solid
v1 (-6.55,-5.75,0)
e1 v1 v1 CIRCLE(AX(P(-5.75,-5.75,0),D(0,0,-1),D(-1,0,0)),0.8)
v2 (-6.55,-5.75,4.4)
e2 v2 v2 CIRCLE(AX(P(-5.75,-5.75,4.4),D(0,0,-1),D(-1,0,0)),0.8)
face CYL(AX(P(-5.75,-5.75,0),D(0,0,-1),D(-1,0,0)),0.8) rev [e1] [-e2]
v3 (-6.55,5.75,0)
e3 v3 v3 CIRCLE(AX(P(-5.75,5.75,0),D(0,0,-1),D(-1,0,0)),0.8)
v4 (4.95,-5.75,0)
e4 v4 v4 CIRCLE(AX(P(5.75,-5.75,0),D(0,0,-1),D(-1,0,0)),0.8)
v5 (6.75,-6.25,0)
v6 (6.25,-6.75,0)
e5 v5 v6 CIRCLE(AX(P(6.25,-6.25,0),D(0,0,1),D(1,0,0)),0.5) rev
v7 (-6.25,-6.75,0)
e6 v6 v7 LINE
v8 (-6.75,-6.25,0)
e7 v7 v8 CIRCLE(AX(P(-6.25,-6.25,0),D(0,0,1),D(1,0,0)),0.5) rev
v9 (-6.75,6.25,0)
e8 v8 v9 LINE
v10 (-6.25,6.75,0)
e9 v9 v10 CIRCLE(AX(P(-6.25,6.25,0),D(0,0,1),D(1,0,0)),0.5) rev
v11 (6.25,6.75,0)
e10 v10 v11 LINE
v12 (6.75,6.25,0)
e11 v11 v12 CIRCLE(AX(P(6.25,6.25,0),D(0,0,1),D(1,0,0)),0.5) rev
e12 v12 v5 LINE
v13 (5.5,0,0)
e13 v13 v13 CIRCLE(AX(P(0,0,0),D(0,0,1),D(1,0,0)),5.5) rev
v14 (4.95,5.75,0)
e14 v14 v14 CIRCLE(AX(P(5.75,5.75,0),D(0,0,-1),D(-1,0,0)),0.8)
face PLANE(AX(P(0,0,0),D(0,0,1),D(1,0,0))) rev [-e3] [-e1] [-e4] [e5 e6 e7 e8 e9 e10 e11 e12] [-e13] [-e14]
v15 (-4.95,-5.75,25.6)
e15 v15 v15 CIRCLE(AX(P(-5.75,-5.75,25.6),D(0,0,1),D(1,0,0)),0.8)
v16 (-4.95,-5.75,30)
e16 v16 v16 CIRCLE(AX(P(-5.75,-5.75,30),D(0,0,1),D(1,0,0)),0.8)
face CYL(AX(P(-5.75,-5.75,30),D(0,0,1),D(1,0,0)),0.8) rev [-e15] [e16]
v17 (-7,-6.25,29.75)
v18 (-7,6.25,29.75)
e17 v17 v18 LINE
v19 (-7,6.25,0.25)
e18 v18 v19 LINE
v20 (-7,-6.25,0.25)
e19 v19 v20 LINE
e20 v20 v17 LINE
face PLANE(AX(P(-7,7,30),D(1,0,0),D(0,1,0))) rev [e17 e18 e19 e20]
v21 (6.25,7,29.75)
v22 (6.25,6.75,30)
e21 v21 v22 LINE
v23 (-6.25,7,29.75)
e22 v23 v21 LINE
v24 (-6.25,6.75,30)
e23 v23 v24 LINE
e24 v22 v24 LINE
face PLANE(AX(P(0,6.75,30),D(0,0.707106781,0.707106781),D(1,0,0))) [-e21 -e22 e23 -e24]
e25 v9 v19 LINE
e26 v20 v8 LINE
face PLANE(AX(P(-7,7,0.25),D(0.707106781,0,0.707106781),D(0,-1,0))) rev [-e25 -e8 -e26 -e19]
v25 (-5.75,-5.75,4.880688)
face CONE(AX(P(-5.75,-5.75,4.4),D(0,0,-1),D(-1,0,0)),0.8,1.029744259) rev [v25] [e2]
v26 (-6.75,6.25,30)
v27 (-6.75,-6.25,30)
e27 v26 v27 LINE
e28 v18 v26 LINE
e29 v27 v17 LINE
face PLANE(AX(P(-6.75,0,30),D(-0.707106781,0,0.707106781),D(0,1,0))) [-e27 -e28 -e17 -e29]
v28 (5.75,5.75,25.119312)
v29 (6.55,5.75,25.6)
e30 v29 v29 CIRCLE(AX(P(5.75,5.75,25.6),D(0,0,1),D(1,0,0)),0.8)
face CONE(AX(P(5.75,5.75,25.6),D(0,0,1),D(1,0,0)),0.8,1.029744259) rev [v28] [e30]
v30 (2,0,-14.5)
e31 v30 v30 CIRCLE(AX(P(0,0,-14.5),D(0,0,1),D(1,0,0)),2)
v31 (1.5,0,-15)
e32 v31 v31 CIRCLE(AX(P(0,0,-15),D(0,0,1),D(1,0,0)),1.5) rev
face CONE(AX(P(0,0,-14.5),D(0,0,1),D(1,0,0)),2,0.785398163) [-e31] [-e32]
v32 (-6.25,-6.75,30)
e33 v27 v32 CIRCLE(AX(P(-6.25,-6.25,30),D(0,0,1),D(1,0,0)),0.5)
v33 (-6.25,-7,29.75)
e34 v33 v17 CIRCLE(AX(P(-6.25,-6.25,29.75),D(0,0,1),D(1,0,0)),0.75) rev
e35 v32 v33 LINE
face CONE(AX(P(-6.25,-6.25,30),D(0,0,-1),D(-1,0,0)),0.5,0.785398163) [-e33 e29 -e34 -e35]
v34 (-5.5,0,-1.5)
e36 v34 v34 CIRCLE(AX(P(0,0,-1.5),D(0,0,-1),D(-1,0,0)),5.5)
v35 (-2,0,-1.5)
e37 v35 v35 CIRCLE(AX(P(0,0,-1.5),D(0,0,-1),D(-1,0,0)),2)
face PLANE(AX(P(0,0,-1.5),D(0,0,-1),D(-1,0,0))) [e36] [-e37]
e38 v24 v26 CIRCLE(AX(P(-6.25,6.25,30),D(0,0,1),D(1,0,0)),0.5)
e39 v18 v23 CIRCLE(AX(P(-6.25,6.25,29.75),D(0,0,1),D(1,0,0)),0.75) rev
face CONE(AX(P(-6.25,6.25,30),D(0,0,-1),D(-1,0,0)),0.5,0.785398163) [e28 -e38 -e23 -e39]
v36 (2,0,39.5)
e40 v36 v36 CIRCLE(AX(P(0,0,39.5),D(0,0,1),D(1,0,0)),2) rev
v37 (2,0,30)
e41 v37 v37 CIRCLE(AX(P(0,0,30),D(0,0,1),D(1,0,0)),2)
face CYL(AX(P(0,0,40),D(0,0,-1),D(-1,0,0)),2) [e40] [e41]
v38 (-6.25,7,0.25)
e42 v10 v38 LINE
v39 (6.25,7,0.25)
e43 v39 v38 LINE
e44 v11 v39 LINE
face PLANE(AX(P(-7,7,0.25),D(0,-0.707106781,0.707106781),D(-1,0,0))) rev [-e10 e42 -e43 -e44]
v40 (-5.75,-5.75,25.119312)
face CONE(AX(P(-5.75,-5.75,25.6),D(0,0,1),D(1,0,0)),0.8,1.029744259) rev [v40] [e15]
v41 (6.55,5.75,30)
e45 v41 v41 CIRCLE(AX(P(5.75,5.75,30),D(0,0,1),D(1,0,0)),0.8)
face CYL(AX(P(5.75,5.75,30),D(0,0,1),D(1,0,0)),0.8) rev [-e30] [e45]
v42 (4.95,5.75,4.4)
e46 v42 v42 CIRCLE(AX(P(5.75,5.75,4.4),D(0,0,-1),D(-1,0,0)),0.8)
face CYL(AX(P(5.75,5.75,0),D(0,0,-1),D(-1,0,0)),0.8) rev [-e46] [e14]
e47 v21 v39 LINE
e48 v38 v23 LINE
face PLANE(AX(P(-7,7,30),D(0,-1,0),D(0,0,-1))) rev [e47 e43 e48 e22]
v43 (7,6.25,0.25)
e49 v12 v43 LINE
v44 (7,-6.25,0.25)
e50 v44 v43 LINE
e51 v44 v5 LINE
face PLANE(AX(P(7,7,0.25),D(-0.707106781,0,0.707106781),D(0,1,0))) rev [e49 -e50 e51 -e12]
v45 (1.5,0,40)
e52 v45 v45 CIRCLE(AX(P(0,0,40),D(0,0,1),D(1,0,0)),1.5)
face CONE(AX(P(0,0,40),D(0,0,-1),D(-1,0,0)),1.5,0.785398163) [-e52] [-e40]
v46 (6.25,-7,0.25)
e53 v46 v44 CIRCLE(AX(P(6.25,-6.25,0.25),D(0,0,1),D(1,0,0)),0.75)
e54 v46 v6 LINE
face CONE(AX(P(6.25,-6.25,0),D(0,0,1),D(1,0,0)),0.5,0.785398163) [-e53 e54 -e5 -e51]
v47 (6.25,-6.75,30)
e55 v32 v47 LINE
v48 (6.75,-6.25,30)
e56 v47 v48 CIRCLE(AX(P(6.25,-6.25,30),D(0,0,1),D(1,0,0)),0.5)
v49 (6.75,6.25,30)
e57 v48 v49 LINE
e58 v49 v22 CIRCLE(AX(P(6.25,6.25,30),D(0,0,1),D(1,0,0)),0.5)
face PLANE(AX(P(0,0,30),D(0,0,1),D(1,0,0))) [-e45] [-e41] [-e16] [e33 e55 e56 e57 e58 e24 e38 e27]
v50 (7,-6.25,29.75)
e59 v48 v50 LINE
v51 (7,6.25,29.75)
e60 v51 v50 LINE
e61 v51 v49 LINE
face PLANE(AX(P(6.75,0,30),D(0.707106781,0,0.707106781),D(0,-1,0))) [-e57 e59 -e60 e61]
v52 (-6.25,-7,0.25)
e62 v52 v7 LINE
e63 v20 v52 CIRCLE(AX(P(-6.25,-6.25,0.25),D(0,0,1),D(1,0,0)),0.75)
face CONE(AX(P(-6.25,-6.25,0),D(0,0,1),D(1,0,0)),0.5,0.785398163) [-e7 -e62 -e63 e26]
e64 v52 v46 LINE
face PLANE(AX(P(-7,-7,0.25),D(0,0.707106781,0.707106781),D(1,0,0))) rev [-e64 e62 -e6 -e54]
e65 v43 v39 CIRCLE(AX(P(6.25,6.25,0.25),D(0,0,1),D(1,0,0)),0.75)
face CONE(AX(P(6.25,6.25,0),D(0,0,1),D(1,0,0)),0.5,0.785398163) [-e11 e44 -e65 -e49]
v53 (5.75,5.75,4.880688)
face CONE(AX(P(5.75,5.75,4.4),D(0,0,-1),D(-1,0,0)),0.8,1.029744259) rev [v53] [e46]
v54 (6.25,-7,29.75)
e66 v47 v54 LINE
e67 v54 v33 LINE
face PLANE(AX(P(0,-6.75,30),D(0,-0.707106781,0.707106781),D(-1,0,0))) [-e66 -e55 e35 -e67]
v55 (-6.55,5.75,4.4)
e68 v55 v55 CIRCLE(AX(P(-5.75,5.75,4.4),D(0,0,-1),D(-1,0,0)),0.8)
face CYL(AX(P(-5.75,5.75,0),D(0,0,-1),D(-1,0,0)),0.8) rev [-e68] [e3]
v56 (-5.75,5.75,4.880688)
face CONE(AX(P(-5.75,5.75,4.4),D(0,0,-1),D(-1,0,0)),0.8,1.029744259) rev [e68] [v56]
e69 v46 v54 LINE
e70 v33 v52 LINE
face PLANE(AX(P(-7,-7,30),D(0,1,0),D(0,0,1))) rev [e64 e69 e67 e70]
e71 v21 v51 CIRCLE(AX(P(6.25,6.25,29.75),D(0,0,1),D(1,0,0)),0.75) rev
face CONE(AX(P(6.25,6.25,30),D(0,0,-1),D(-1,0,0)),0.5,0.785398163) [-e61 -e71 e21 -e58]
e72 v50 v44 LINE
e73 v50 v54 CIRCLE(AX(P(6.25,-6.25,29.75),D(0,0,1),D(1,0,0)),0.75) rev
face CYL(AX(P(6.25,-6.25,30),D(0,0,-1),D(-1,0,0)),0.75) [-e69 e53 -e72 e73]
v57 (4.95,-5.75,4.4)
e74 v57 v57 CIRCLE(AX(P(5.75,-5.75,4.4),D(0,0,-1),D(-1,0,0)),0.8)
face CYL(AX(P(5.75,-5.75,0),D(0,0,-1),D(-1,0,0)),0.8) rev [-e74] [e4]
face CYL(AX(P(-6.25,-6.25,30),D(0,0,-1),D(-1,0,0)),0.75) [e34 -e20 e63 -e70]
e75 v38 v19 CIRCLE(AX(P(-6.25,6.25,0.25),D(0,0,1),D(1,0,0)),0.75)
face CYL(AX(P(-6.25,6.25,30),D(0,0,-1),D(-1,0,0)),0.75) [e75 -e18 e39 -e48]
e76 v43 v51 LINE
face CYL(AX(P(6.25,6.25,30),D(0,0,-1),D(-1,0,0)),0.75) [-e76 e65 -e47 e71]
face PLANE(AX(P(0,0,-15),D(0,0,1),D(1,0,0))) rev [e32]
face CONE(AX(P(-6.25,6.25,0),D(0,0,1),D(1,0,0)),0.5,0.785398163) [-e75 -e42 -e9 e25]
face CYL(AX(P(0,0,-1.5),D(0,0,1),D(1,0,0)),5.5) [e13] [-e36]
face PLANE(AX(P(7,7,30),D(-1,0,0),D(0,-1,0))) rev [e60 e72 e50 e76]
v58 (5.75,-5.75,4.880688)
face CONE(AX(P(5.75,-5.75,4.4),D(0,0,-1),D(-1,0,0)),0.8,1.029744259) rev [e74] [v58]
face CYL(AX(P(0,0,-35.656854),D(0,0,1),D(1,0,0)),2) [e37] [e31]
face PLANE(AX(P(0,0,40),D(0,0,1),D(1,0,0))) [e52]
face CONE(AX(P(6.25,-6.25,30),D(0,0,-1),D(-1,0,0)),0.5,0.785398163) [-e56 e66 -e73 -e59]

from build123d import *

# Parameters (mm, degrees)
SKETCH1_W                 = 14
SKETCH1_H                 = 14
BOSS_EXTRUDE1_DEPTH       = 30
SKETCH2_R                 = 5.5
BOSS_EXTRUDE2_DEPTH       = 1.5
SKETCH3_R                 = 2
BOSS_EXTRUDE4_DEPTH       = 13.5
SKETCH7_R                 = 2
BOSS_EXTRUDE6_DEPTH       = 10
CHAMFER1_SIZE             = 0.5
M2X0_4_TAPPED_HOLE1_D     = 1.6
M2X0_4_TAPPED_HOLE1_DEPTH = 4.4
M2X0_4_TAPPED_HOLE1_TIP   = 0.480688495
FILLET1_R                 = 0.75
CHAMFER2_SIZE             = 0.25
M2X0_4_TAPPED_HOLE2_D     = 1.6
M2X0_4_TAPPED_HOLE2_DEPTH = 4.4
M2X0_4_TAPPED_HOLE2_TIP   = 0.480688495


with BuildPart() as part:
    # Sketch1 → Boss-Extrude1 (new body)
    with BuildSketch(Plane.XY):
        Rectangle(SKETCH1_W, SKETCH1_H)
    extrude(amount=BOSS_EXTRUDE1_DEPTH)

    # Sketch2 → Boss-Extrude2 (add)
    with BuildSketch(Plane(origin=(0, 0, 0), x_dir=(-1, 0, 0), z_dir=(0, 0, -1))):
        Circle(SKETCH2_R)
    extrude(amount=BOSS_EXTRUDE2_DEPTH)

    # Sketch3 → Boss-Extrude4 (add)
    with BuildSketch(Plane(origin=(0, 0, -1.5), x_dir=(-1, 0, 0), z_dir=(0, 0, -1))):
        Circle(SKETCH3_R)
    extrude(amount=BOSS_EXTRUDE4_DEPTH)

    # Sketch7 → Boss-Extrude6 (add)
    with BuildSketch(Plane.XY.offset(30)):
        Circle(SKETCH7_R)
    extrude(amount=BOSS_EXTRUDE6_DEPTH)

    # Chamfer1
    chamfer1_edges = [part.edges().sort_by_distance(p)[0] for p in [
        (2, 0, -15),
        (-2, 0, 40),
    ]]
    chamfer(chamfer1_edges, length=CHAMFER1_SIZE)

    # M2x0.4 Tapped Hole1
    with Locations(Plane(origin=(0, 0, 0), x_dir=(-1, 0, 0), z_dir=(0, 0, -1))):
        with Locations((5.75, 5.75), (-5.75, 5.75), (-5.75, -5.75), (5.75, -5.75)):
            Hole(M2X0_4_TAPPED_HOLE1_D / 2, depth=M2X0_4_TAPPED_HOLE1_DEPTH)
            with Locations((0, 0, -(M2X0_4_TAPPED_HOLE1_DEPTH + M2X0_4_TAPPED_HOLE1_TIP / 2))):  # 118° drill point
                Cone(0, M2X0_4_TAPPED_HOLE1_D / 2, M2X0_4_TAPPED_HOLE1_TIP, mode=Mode.SUBTRACT)

    # Fillet1
    fillet1_edges = [part.edges().sort_by_distance(p)[0] for p in [
        (7, -7, 15),
        (-7, -7, 15),
        (-7, 7, 15),
        (7, 7, 15),
    ]]
    fillet(fillet1_edges, radius=FILLET1_R)

    # Chamfer2
    chamfer2_edges = [part.edges().sort_by_distance(p)[0] for p in [
        (0, 7, 0),
        (0, 7, 30),
        (7, 0, 0),
        (0, -7, 0),
        (-7, 0, 0),
        (-6.780330086, 6.780330086, 0),
        (-6.780330086, -6.780330086, 0),
        (6.780330086, -6.780330086, 0),
        (6.780330086, 6.780330086, 0),
        (7, 0, 30),
        (-7, 0, 30),
        (0, -7, 30),
        (-6.780330086, 6.780330086, 30),
        (-6.780330086, -6.780330086, 30),
        (6.780330086, -6.780330086, 30),
        (6.780330086, 6.780330086, 30),
    ]]
    chamfer(chamfer2_edges, length=CHAMFER2_SIZE)

    # M2x0.4 Tapped Hole2
    with Locations(Plane.XY.offset(30)):
        with Locations((5.75, 5.75), (-5.75, -5.75)):
            Hole(M2X0_4_TAPPED_HOLE2_D / 2, depth=M2X0_4_TAPPED_HOLE2_DEPTH)
            with Locations((0, 0, -(M2X0_4_TAPPED_HOLE2_DEPTH + M2X0_4_TAPPED_HOLE2_TIP / 2))):  # 118° drill point
                Cone(0, M2X0_4_TAPPED_HOLE2_D / 2, M2X0_4_TAPPED_HOLE2_TIP, mode=Mode.SUBTRACT)


solid = part.part
